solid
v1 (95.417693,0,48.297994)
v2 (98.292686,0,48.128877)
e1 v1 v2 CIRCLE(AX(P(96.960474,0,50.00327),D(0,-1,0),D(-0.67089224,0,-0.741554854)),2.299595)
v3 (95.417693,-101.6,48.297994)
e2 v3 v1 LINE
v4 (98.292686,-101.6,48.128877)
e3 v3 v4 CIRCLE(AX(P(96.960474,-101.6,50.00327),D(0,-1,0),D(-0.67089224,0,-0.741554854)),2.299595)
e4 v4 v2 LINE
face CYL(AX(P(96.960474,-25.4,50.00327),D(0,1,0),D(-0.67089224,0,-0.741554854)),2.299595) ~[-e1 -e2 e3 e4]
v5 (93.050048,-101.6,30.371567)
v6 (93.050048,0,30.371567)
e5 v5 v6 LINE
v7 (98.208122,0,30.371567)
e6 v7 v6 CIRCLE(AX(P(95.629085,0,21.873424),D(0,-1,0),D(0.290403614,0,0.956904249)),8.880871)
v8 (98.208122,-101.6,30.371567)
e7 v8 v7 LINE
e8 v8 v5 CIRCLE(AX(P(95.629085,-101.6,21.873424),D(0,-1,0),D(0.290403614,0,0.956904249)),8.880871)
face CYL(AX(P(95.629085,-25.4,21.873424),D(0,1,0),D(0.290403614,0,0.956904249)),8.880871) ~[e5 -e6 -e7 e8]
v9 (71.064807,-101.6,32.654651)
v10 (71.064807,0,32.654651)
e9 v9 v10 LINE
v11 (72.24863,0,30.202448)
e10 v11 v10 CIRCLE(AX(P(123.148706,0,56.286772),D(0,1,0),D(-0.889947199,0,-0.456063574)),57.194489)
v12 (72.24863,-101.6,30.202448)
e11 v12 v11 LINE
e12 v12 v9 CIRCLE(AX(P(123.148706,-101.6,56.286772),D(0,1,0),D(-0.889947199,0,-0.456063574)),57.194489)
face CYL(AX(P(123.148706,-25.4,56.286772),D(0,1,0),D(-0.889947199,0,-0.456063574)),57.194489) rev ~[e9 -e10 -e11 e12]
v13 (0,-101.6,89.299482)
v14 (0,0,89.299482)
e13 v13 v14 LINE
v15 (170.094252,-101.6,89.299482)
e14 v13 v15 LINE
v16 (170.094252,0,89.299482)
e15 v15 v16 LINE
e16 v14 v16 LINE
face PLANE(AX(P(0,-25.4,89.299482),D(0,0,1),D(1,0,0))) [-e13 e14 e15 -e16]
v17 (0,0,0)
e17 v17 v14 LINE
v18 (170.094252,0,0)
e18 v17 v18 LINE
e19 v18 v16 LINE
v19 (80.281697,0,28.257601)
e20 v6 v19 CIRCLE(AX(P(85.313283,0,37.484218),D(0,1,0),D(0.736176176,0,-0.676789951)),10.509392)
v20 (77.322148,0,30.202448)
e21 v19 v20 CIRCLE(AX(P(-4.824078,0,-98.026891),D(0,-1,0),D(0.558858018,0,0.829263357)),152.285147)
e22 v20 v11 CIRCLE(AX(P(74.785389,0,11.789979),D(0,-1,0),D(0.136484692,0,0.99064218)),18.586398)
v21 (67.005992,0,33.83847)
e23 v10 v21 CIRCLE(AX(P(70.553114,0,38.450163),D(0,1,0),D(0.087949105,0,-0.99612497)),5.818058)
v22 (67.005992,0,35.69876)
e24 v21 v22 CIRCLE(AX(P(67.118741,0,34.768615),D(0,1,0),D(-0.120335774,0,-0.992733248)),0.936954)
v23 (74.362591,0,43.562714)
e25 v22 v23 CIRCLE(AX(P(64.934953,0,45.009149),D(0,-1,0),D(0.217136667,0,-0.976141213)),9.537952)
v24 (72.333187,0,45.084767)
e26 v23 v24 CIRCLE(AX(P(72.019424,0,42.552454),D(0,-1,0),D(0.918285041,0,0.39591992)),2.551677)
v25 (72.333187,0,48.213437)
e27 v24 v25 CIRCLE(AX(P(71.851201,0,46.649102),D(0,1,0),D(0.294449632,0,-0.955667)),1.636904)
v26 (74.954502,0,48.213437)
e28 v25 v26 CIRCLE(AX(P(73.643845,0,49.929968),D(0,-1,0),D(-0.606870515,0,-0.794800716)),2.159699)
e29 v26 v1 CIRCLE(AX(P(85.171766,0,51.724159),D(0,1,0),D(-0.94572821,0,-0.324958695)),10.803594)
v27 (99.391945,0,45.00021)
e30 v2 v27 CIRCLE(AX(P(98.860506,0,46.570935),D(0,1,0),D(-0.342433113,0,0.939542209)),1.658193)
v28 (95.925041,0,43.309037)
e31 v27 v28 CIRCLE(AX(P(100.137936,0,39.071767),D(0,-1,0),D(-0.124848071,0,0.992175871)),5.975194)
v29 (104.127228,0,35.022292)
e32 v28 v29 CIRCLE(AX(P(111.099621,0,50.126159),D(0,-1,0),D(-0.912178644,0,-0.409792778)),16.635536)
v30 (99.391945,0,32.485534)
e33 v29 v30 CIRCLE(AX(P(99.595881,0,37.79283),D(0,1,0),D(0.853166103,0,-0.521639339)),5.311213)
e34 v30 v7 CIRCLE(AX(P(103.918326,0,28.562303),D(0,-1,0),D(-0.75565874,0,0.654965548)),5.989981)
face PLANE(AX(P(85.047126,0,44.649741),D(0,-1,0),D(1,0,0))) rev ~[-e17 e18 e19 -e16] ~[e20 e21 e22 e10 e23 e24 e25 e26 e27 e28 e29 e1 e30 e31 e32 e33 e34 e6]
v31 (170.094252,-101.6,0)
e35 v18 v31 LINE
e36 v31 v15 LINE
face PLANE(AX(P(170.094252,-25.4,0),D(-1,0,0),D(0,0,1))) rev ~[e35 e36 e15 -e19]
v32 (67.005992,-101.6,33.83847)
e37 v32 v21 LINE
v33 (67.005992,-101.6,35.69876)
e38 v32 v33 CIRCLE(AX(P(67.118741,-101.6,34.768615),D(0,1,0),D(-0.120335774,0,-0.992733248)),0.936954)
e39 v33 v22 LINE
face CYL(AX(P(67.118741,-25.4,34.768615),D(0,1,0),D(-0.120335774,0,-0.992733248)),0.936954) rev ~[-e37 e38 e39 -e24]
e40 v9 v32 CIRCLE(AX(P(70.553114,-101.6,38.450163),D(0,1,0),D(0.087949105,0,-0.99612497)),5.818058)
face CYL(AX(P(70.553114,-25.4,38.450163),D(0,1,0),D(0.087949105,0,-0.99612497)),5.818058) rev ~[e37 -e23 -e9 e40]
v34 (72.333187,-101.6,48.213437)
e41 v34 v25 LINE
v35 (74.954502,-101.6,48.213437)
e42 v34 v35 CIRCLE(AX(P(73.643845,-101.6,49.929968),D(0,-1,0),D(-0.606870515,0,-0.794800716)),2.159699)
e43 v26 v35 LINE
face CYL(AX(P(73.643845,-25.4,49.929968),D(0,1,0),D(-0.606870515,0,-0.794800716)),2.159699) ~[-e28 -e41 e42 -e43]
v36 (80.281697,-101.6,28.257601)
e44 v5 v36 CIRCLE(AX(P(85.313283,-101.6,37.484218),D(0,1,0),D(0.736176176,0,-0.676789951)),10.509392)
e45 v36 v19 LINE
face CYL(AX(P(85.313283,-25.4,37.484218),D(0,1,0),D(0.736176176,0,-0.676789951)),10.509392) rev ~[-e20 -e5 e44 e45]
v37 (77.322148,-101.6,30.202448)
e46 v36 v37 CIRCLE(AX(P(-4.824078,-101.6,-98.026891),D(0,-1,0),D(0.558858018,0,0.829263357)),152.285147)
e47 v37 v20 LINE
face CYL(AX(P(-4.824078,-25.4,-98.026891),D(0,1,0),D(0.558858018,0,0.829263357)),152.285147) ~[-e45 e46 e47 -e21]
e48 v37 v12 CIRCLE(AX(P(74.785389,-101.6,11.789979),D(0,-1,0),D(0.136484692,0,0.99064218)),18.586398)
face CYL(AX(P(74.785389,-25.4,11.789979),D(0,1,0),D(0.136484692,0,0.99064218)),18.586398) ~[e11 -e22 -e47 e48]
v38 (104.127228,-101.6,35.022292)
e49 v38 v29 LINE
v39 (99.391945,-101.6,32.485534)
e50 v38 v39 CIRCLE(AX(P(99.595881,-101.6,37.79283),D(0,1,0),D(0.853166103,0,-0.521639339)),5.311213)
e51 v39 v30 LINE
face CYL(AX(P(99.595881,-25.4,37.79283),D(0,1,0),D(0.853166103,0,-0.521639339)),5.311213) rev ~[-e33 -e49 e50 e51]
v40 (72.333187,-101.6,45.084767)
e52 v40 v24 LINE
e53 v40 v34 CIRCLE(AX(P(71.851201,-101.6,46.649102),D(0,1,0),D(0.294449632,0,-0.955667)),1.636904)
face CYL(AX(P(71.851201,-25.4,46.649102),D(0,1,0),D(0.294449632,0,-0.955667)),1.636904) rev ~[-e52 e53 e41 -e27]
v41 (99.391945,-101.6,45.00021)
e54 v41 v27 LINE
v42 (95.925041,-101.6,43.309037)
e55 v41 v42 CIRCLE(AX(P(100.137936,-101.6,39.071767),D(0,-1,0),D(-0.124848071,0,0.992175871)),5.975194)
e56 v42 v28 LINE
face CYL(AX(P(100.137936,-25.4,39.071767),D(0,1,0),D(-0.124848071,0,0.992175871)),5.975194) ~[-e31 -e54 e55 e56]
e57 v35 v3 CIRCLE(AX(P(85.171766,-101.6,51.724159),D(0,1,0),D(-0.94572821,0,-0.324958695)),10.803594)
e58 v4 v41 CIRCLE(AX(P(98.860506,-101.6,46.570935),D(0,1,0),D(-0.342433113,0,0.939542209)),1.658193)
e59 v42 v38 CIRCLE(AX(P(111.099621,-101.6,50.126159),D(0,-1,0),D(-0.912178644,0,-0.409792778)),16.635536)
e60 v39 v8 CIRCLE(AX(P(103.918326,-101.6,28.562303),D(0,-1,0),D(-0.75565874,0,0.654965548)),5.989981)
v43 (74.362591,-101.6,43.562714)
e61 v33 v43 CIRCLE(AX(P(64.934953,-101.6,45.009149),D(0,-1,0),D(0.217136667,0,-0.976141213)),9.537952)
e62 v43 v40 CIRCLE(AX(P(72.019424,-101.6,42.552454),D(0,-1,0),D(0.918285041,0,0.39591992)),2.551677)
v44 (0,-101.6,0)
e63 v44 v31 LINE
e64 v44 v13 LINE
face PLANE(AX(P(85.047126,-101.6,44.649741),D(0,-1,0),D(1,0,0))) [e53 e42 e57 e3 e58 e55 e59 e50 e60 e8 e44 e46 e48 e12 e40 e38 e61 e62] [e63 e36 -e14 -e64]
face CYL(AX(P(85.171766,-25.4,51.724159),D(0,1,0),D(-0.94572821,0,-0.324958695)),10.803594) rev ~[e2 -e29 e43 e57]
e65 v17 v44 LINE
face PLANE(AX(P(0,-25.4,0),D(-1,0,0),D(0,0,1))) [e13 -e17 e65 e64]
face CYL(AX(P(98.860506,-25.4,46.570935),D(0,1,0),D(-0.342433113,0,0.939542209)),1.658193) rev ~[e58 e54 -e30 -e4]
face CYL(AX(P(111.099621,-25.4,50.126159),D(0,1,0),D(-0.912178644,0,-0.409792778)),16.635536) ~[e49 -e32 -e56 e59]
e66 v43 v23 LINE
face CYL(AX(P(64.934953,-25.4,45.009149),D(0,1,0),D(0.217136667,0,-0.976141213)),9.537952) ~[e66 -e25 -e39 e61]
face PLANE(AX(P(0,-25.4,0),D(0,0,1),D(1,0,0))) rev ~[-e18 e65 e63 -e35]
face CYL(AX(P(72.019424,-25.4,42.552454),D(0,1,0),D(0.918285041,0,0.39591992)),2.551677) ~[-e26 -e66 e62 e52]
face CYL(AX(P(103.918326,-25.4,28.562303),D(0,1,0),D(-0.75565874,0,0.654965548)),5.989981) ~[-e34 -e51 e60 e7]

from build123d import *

# Parameters (mm, degrees)
F0_W     = 170.0942516327
F0_H     = 89.2994821072
F1_DEPTH = 25.4
F2_DEPTH = 76.2


with BuildPart() as f1:
    # F0 (on Front) → F1 (new body)
    with BuildSketch(Plane.XZ):
        with Locations((85.0471258163, 44.6497410536)):
            Rectangle(F0_W, F0_H)
        with BuildLine():
            ThreePointArc((74.9545022845, 48.2134371996), (85.1271241874, 62.5276604982), (95.4176932573, 48.2979938388))
            ThreePointArc((95.4176932573, 48.2979938388), (96.8254371893, 47.7076428292), (98.2926860452, 48.1288768351))
            ThreePointArc((98.2926860452, 48.1288768351), (100.4249450606, 47.1206014249), (99.3919447064, 45.0002104044))
            ThreePointArc((99.3919447064, 45.0002104044), (97.5182687326, 44.4420823325), (95.9250405431, 43.3090366423))
            ThreePointArc((95.9250405431, 43.3090366423), (99.2763541876, 38.42353489), (104.12722826, 35.0222922862))
            ThreePointArc((104.12722826, 35.0222922862), (102.103949527, 33.1111018135), (99.3919447064, 32.4855335057))
            ThreePointArc((99.3919447064, 32.4855335057), (98.6920335088, 31.4890303542), (98.2081219554, 30.3715672344))
            ThreePointArc((98.2081219554, 30.3715672344), (95.6290848553, 30.7542950533), (93.0500477552, 30.3715672344))
            ThreePointArc((93.0500477552, 30.3715672344), (87.0298819522, 27.1159679017), (80.2816972136, 28.2576009631))
            ThreePointArc((80.2816972136, 28.2576009631), (78.8075761, 29.2386279669), (77.3221477866, 30.2024483681))
            ThreePointArc((77.3221477866, 30.2024483681), (74.7853890061, 30.3763765326), (72.2486302257, 30.2024483681))
            ThreePointArc((72.2486302257, 30.2024483681), (71.6421232704, 31.4215032907), (71.0648074746, 32.6546505094))
            ThreePointArc((71.0648074746, 32.6546505094), (68.9240610724, 32.8648268661), (67.0059919357, 33.8384695351))
            ThreePointArc((67.0059919357, 33.8384695351), (66.1817870247, 34.768614918), (67.0059919357, 35.6987603009))
            ThreePointArc((67.0059919357, 35.6987603009), (71.900247948, 38.4932298841), (74.362590909, 43.5627140105))
            ThreePointArc((74.362590909, 43.5627140105), (73.550430338, 44.5937957951), (72.3331868649, 45.0847670436))
            ThreePointArc((72.3331868649, 45.0847670436), (70.2142971612, 46.6491021216), (72.3331868649, 48.2134371996))
            ThreePointArc((72.3331868649, 48.2134371996), (73.6438445747, 47.7702684889), (74.9545022845, 48.2134371996))
        make_face(mode=Mode.SUBTRACT)
    extrude(amount=F1_DEPTH)

    # F2 (add): a face of the model
    f2_faces = [f1.faces().sort_by_distance(p)[0] for p in [
        (168.1731464314, -25.4, 44.6497410536),
    ]]
    extrude(f2_faces, amount=F2_DEPTH)


solid = f1.part
